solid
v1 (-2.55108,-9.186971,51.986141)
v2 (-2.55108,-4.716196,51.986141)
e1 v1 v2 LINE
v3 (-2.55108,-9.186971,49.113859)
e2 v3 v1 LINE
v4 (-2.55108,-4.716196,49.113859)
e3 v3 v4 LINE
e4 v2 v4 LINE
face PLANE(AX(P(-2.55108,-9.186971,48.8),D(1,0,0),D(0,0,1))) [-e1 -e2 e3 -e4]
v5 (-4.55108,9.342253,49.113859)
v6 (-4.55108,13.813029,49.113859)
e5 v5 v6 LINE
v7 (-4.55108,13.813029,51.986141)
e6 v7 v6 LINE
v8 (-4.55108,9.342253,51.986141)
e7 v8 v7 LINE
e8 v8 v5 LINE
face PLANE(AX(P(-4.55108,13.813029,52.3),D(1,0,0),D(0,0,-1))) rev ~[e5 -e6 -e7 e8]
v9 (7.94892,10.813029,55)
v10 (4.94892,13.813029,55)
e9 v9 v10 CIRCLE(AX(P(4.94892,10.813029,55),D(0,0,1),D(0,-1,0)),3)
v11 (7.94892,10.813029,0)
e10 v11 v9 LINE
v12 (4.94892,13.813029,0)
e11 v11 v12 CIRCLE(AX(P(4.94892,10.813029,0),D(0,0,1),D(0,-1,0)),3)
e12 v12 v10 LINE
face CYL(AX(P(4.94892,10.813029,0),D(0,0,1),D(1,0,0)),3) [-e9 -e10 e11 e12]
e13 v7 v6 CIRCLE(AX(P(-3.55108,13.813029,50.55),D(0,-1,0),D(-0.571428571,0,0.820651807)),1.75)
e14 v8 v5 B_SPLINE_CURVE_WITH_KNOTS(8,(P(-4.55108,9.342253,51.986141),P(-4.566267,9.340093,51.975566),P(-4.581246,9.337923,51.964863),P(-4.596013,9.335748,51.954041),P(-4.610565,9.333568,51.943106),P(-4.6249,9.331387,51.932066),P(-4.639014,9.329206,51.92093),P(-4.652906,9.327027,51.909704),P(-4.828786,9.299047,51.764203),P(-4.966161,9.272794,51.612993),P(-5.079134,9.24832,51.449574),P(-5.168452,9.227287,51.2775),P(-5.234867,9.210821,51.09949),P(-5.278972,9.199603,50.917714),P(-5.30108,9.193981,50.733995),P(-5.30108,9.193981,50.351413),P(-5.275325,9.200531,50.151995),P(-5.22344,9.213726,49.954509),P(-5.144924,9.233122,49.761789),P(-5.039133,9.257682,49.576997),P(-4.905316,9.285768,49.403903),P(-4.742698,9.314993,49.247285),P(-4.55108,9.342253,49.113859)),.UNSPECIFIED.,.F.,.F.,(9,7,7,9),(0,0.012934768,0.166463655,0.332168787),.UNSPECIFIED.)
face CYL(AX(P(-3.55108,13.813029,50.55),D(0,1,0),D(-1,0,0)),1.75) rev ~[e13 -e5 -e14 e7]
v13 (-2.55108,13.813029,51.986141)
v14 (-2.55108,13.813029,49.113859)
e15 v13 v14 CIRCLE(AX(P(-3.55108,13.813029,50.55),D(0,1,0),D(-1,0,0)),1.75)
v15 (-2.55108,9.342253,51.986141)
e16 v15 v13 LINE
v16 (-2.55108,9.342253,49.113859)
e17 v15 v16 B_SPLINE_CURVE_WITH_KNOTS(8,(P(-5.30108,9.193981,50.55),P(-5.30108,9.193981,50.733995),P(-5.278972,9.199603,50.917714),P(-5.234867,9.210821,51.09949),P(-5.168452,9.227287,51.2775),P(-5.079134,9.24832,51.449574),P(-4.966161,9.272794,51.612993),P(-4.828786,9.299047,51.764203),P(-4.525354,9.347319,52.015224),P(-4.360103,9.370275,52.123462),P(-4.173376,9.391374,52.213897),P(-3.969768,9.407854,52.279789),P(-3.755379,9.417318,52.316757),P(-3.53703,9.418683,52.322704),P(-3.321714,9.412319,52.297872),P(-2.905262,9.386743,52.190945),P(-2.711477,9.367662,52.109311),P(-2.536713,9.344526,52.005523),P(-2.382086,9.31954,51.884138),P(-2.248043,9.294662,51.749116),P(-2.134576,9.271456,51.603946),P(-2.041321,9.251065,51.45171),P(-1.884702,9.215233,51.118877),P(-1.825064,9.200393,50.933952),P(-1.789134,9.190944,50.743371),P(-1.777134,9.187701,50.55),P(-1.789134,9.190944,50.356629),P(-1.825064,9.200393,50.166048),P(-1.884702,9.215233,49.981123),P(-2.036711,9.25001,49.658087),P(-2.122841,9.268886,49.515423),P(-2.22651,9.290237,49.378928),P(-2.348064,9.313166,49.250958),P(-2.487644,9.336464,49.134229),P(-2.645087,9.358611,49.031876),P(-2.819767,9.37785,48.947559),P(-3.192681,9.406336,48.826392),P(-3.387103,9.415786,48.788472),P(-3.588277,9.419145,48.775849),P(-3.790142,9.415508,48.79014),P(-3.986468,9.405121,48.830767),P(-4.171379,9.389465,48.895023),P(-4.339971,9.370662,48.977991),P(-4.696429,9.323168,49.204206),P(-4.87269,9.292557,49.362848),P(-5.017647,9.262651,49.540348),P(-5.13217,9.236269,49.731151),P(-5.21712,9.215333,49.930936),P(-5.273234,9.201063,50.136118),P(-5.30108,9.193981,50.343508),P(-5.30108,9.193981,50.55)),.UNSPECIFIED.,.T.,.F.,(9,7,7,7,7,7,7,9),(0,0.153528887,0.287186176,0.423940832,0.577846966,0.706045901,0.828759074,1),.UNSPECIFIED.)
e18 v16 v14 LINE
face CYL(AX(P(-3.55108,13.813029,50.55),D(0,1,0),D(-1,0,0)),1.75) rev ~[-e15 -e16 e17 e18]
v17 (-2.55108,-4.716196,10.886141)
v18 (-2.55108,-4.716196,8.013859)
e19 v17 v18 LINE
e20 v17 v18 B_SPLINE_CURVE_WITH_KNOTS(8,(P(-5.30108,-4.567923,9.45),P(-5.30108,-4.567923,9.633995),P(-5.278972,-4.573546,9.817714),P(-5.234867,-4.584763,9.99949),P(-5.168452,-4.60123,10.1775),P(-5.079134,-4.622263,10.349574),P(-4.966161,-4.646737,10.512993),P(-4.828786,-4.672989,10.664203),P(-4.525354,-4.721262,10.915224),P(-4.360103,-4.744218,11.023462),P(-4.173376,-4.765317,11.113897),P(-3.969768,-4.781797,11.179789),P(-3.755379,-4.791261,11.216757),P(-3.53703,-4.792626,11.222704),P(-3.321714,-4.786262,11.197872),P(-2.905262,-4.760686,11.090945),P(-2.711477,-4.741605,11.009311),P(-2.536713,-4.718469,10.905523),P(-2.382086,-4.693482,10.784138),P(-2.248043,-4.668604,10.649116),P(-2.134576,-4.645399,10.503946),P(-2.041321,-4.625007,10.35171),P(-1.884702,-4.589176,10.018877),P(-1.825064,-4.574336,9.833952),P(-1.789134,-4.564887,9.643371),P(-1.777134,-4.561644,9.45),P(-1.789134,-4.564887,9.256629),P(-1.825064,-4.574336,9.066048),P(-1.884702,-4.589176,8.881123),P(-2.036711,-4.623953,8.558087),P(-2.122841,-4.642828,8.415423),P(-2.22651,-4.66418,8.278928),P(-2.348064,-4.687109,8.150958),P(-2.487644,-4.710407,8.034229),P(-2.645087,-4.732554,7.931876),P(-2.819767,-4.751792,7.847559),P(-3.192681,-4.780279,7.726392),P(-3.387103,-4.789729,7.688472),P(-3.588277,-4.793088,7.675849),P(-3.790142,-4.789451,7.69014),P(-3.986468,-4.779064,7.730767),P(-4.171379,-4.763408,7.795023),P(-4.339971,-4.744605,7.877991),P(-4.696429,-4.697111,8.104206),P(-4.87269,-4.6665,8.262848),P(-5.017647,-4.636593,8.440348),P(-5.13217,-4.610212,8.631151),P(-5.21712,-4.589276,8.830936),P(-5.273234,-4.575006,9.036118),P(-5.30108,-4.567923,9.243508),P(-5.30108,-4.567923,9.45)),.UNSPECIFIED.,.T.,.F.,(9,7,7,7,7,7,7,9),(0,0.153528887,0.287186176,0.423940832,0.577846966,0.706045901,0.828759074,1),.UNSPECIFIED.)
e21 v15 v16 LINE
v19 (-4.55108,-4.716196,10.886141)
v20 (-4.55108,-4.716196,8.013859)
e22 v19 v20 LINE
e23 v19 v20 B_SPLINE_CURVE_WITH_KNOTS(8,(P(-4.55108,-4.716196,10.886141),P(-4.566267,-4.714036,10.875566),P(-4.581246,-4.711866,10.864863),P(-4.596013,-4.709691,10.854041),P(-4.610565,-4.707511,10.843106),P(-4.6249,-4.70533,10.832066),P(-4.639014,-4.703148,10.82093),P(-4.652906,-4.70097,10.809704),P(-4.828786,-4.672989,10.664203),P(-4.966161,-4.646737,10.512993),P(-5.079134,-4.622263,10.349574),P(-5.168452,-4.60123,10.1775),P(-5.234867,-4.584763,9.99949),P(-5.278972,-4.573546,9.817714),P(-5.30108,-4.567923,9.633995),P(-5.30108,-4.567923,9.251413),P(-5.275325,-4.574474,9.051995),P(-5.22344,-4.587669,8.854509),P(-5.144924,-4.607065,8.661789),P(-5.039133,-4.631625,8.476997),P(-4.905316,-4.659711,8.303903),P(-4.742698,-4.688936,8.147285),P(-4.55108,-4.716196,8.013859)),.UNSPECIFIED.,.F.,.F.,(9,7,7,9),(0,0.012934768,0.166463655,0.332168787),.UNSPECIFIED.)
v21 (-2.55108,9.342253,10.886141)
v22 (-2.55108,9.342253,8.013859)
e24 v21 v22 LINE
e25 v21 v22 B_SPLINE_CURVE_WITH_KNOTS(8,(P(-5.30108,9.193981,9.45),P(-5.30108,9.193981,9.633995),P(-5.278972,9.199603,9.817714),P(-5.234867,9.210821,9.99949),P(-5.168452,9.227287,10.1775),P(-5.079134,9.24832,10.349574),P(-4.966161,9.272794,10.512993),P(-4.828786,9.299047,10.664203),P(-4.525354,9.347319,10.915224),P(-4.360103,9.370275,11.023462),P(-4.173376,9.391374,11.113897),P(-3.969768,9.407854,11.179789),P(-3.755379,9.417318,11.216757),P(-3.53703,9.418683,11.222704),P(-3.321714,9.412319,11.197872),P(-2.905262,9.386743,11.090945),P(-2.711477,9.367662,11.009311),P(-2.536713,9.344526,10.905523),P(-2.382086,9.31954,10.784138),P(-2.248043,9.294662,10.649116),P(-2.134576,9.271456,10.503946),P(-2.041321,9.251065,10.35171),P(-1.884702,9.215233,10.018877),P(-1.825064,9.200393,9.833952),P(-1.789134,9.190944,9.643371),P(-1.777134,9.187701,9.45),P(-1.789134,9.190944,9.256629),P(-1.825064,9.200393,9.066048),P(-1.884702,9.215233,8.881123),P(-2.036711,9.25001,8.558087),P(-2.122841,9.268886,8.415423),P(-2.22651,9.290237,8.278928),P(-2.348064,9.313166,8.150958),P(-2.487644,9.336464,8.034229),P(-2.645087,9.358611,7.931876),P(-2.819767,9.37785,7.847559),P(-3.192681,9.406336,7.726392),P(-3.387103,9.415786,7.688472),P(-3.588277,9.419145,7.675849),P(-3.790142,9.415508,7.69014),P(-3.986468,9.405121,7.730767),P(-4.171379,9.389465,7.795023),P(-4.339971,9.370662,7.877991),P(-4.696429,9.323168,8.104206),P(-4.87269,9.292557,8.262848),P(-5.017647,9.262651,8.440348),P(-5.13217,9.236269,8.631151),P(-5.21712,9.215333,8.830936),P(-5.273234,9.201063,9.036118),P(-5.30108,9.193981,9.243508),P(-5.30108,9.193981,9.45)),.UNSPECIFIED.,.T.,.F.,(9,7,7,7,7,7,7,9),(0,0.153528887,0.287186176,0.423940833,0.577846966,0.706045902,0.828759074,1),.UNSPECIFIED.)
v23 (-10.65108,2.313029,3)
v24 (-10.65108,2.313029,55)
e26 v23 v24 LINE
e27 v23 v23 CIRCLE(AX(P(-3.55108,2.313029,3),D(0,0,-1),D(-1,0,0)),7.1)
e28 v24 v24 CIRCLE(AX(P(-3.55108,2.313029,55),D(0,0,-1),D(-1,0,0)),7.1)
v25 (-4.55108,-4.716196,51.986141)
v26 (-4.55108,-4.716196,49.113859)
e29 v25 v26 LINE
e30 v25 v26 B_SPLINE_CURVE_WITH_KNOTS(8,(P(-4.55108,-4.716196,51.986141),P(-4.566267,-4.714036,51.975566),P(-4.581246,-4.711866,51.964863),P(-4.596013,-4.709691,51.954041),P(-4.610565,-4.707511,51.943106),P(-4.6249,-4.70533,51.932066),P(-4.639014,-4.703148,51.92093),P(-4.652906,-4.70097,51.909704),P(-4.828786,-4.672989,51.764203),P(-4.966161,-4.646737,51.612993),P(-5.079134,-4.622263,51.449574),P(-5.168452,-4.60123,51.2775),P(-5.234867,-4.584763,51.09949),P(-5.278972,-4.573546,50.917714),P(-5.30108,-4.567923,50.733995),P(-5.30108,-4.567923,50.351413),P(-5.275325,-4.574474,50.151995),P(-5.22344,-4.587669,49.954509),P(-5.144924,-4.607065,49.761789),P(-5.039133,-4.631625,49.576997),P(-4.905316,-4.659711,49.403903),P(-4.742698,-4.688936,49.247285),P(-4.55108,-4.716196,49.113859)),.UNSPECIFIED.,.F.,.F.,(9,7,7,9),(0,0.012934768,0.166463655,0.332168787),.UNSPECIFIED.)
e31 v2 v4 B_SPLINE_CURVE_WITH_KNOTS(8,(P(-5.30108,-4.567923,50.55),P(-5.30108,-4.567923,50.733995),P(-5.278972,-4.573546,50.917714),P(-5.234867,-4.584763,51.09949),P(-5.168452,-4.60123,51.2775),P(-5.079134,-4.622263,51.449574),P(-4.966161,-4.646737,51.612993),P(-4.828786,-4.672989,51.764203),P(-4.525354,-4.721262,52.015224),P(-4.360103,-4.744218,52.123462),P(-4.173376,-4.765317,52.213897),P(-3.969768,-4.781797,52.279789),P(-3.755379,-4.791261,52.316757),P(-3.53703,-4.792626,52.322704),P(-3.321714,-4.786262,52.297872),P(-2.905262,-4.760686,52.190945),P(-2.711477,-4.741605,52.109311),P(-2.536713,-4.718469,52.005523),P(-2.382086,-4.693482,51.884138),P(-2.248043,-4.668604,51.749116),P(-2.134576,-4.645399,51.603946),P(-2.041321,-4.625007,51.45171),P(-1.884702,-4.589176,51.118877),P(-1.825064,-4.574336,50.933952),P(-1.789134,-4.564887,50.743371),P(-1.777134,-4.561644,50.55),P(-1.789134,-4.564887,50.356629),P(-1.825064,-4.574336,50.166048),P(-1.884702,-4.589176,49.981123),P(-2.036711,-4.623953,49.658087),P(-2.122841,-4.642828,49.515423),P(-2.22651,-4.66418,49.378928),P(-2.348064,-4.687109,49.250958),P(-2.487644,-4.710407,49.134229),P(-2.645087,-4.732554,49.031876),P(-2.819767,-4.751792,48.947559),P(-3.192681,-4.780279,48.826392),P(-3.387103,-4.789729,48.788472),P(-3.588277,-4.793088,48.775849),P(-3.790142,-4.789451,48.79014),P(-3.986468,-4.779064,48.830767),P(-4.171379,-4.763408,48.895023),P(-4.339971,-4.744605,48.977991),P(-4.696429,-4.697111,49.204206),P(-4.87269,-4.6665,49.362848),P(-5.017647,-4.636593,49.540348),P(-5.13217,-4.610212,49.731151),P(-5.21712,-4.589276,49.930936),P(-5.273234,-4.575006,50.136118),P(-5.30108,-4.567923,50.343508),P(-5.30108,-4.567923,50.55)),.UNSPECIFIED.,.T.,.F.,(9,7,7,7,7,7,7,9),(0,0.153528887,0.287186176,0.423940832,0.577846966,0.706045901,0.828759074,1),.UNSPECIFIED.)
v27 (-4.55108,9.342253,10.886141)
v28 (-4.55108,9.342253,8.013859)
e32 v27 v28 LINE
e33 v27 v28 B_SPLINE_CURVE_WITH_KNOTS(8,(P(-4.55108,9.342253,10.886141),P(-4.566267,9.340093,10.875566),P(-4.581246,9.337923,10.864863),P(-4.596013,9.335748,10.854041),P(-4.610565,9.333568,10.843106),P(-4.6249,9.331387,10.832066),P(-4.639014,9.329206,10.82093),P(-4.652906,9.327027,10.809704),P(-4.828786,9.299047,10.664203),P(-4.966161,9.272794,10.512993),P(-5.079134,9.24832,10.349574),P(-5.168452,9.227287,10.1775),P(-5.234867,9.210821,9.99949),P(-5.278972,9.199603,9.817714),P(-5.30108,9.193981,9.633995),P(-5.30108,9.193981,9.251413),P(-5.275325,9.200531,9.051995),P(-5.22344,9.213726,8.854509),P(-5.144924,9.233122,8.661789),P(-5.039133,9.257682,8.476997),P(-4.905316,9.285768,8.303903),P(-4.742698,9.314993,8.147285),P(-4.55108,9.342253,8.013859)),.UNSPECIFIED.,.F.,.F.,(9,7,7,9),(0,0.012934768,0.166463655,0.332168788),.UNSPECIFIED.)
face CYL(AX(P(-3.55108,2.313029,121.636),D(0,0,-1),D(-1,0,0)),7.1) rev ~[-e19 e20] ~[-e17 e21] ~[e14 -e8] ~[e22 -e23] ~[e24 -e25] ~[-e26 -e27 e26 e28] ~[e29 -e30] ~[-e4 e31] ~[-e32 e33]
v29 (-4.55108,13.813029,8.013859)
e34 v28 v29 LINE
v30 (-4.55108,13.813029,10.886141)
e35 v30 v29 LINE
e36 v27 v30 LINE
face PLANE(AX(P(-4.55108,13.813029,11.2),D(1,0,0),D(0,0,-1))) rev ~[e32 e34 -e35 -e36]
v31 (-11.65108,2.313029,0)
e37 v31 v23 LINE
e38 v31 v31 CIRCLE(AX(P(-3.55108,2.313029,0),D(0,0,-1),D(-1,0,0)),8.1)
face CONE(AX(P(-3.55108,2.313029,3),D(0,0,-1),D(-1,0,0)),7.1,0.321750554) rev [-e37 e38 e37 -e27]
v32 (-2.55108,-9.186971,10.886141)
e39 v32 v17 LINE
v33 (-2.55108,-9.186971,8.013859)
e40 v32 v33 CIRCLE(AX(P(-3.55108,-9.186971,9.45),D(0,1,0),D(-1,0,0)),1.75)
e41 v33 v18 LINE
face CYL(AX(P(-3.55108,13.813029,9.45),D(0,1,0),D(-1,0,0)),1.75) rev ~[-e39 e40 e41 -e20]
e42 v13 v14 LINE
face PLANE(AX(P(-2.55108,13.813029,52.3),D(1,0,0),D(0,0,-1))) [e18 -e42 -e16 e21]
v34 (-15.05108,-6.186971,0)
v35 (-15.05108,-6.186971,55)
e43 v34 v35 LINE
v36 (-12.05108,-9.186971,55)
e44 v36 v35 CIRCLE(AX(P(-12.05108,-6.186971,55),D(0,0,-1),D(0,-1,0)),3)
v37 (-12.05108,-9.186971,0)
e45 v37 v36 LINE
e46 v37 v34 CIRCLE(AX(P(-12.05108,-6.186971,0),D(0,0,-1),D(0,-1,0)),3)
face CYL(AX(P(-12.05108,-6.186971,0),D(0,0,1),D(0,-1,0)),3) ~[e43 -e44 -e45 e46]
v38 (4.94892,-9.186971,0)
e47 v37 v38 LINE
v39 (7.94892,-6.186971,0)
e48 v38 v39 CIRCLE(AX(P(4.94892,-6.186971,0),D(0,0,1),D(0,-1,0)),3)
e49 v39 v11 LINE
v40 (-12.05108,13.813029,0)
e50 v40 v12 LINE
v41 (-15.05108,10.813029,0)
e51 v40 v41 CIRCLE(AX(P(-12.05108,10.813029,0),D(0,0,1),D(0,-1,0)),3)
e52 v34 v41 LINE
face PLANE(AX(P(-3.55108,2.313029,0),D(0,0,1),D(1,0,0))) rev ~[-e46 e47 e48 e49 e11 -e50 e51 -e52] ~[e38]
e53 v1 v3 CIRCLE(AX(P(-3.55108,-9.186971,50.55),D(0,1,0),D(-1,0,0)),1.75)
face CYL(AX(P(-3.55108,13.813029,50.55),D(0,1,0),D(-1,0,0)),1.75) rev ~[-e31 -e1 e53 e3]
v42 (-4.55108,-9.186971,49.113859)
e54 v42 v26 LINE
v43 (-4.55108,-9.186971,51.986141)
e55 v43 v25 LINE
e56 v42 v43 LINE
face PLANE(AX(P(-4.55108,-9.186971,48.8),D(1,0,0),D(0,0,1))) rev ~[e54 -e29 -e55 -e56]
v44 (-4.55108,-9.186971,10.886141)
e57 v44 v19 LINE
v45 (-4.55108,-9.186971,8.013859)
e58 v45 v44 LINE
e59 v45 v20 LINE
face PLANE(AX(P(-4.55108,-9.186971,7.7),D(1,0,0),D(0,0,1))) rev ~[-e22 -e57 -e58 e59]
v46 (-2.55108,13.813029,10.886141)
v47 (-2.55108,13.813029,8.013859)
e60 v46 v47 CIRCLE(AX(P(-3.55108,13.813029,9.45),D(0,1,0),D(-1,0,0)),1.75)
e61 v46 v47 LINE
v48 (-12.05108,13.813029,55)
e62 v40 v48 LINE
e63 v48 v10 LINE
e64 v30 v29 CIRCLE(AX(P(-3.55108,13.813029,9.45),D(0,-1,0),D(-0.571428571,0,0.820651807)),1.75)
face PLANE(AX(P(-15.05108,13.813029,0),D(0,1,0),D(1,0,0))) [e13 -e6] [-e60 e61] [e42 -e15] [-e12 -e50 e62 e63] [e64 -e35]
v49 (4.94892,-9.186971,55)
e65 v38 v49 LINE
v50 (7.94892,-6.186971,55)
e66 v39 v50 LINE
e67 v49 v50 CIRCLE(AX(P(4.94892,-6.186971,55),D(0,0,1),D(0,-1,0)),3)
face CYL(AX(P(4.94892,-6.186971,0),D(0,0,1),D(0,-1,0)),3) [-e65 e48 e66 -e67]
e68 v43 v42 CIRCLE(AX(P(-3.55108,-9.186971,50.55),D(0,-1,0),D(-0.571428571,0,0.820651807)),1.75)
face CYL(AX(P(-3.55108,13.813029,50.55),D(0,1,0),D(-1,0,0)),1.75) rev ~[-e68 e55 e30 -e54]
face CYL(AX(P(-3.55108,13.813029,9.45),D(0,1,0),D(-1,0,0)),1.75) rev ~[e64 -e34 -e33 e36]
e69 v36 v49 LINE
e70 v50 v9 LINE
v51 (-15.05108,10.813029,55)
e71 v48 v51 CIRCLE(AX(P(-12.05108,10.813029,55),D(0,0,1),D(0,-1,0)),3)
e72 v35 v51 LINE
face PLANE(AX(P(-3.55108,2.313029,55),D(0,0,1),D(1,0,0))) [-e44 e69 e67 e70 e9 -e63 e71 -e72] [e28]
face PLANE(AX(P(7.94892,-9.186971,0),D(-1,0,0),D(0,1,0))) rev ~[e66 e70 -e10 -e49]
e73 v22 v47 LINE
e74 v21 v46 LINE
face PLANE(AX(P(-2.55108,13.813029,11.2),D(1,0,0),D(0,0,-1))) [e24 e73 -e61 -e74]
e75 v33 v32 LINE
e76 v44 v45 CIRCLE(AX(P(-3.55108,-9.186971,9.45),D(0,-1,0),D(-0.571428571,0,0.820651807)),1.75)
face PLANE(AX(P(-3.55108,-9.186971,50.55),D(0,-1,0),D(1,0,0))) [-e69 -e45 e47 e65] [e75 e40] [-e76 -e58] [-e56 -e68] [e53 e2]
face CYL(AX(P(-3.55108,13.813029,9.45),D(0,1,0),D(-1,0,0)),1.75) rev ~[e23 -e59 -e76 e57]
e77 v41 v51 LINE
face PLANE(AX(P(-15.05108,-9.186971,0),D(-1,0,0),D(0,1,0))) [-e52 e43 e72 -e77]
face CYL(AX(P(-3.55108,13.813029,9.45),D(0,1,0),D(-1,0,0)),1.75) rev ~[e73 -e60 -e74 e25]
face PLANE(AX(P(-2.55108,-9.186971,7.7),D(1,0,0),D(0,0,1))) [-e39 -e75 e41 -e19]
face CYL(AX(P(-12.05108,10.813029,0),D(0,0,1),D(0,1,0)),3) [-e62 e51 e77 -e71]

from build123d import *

# Parameters (mm, degrees)
SCHIZZO1_W                        = 23
SCHIZZO1_H                        = 23
ESTRUSIONE_ESTRUSIONE1_DEPTH      = 55
TAGLIO_ESTRUSIONE12_REACH         = 60.671
SCHIZZO18_R                       = 7.1
SMUSSO4_SIZE                      = 1
SMUSSO4_SIZE2                     = 3
SCHIZZO19_R                       = 1.75
TAGLIO_ESTRUSIONE13_DEPTH         = 62.486055435
ESTRUSIONE_ESTRUSIONE2_REACH      = 63.486
ESTRUSIONE_ESTRUSIONE2_END_RADIUS = 7.1
SCHIZZO20_W                       = 2
SCHIZZO20_H                       = 3.5
ESTRUSIONE_ESTRUSIONE3_REACH      = 63.486
ESTRUSIONE_ESTRUSIONE3_END_RADIUS = 7.1
SCHIZZO21_W                       = 2
SCHIZZO21_H                       = 3.5
RACCORDO1_R                       = 3


with BuildPart() as part:
    # Schizzo1 → Estrusione-Estrusione1 (new body)
    with BuildSketch(Plane.XY):
        with Locations((-3.551080126, 2.313028552)):
            Rectangle(SCHIZZO1_W, SCHIZZO1_H)
    extrude(amount=ESTRUSIONE_ESTRUSIONE1_DEPTH)

    # Schizzo18 → Taglio-Estrusione12 (cut, up to next)
    with BuildSketch(Plane(origin=(0, 0, 0), x_dir=(-1, 0, 0), z_dir=(0, 0, -1)), mode=Mode.PRIVATE) as taglio_estrusione12_sk1:
        with Locations((3.551080126, 2.313028552)):
            Circle(SCHIZZO18_R)
    taglio_estrusione12_tool1 = extrude(taglio_estrusione12_sk1.sketch, amount=-TAGLIO_ESTRUSIONE12_REACH, mode=Mode.PRIVATE) & part.part
    add(taglio_estrusione12_tool1.solids().sort_by_distance((-3.55108, 2.313029, 0))[0], mode=Mode.SUBTRACT)

    # Smusso4
    smusso4_edges = [part.edges().sort_by_distance(p)[0] for p in [
        (3.548919874, 2.313028552, 0),
    ]]
    smusso4_side = [part.faces().sort_by_distance(p)[0] for p in [
        (-3.551080126, 13.487759433, 0),
    ]]
    chamfer(smusso4_edges, length=SMUSSO4_SIZE, length2=SMUSSO4_SIZE2, reference=smusso4_side[0])

    # Schizzo19 → Taglio-Estrusione13 (cut, through all)
    with BuildSketch(Plane(origin=(0, 13.813028552, 0), x_dir=(1, 0, 0), z_dir=(0, 1, 0))):
        with Locations(Location((-3.551080126, -50.55, 0), (0, 0, 180))):
            Circle(SCHIZZO19_R)
        with Locations(Location((-3.551080126, -9.45, 0), (0, 0, 180))):
            Circle(SCHIZZO19_R)
    extrude(amount=-TAGLIO_ESTRUSIONE13_DEPTH, mode=Mode.SUBTRACT)

    # Estrusione-Estrusione2: up to this cylinder (the profile starts outside it)
    estrusione_estrusione2_end = Plane(origin=(-3.551080126, 2.313028552, 30), z_dir=(0, 0, -1)) * Cylinder(ESTRUSIONE_ESTRUSIONE2_END_RADIUS, 183.272, mode=Mode.PRIVATE)
    # Schizzo20 → Estrusione-Estrusione2 (add, up to the surface)
    with BuildSketch(Plane(origin=(0, 13.813028552, 0), x_dir=(1, 0, 0), z_dir=(0, 1, 0)), mode=Mode.PRIVATE) as estrusione_estrusione2_sk1:
        with Locations((-3.551080126, -50.55)):
            Rectangle(SCHIZZO20_W, SCHIZZO20_H)
    estrusione_estrusione2_tool1 = extrude(estrusione_estrusione2_sk1.sketch, amount=-ESTRUSIONE_ESTRUSIONE2_REACH, mode=Mode.PRIVATE) - estrusione_estrusione2_end
    add(estrusione_estrusione2_tool1.solids().sort_by_distance((-3.55108, 13.813029, 50.55))[0])
    # Schizzo20 → Estrusione-Estrusione2 (add, up to the surface)
    with BuildSketch(Plane(origin=(0, 13.813028552, 0), x_dir=(1, 0, 0), z_dir=(0, 1, 0)), mode=Mode.PRIVATE) as estrusione_estrusione2_sk2:
        with Locations((-3.551080126, -9.45)):
            Rectangle(SCHIZZO20_W, SCHIZZO20_H)
    estrusione_estrusione2_tool2 = extrude(estrusione_estrusione2_sk2.sketch, amount=-ESTRUSIONE_ESTRUSIONE2_REACH, mode=Mode.PRIVATE) - estrusione_estrusione2_end
    add(estrusione_estrusione2_tool2.solids().sort_by_distance((-3.55108, 13.813029, 9.45))[0])

    # Estrusione-Estrusione3: up to this cylinder (the profile starts outside it)
    estrusione_estrusione3_end = Plane(origin=(-3.551080126, 2.313028552, 30), z_dir=(0, 0, -1)) * Cylinder(ESTRUSIONE_ESTRUSIONE3_END_RADIUS, 183.272, mode=Mode.PRIVATE)
    # Schizzo21 → Estrusione-Estrusione3 (add, up to the surface)
    with BuildSketch(Plane.XZ.offset(9.186971448), mode=Mode.PRIVATE) as estrusione_estrusione3_sk1:
        with Locations((-3.551080126, 9.45)):
            Rectangle(SCHIZZO21_W, SCHIZZO21_H)
    estrusione_estrusione3_tool1 = extrude(estrusione_estrusione3_sk1.sketch, amount=-ESTRUSIONE_ESTRUSIONE3_REACH, mode=Mode.PRIVATE) - estrusione_estrusione3_end
    add(estrusione_estrusione3_tool1.solids().sort_by_distance((-3.55108, -9.186971, 9.45))[0])
    # Schizzo21 → Estrusione-Estrusione3 (add, up to the surface)
    with BuildSketch(Plane.XZ.offset(9.186971448), mode=Mode.PRIVATE) as estrusione_estrusione3_sk2:
        with Locations((-3.551080126, 50.55)):
            Rectangle(SCHIZZO21_W, SCHIZZO21_H)
    estrusione_estrusione3_tool2 = extrude(estrusione_estrusione3_sk2.sketch, amount=-ESTRUSIONE_ESTRUSIONE3_REACH, mode=Mode.PRIVATE) - estrusione_estrusione3_end
    add(estrusione_estrusione3_tool2.solids().sort_by_distance((-3.55108, -9.186971, 50.55))[0])

    # Raccordo1
    raccordo1_edges = [part.edges().sort_by_distance(p)[0] for p in [
        (7.948919874, 13.813028552, 27.5),
        (7.948919874, -9.186971448, 27.5),
        (-15.051080126, -9.186971448, 27.5),
        (-15.051080126, 13.813028552, 27.5),
    ]]
    fillet(raccordo1_edges, radius=RACCORDO1_R)


solid = part.part
